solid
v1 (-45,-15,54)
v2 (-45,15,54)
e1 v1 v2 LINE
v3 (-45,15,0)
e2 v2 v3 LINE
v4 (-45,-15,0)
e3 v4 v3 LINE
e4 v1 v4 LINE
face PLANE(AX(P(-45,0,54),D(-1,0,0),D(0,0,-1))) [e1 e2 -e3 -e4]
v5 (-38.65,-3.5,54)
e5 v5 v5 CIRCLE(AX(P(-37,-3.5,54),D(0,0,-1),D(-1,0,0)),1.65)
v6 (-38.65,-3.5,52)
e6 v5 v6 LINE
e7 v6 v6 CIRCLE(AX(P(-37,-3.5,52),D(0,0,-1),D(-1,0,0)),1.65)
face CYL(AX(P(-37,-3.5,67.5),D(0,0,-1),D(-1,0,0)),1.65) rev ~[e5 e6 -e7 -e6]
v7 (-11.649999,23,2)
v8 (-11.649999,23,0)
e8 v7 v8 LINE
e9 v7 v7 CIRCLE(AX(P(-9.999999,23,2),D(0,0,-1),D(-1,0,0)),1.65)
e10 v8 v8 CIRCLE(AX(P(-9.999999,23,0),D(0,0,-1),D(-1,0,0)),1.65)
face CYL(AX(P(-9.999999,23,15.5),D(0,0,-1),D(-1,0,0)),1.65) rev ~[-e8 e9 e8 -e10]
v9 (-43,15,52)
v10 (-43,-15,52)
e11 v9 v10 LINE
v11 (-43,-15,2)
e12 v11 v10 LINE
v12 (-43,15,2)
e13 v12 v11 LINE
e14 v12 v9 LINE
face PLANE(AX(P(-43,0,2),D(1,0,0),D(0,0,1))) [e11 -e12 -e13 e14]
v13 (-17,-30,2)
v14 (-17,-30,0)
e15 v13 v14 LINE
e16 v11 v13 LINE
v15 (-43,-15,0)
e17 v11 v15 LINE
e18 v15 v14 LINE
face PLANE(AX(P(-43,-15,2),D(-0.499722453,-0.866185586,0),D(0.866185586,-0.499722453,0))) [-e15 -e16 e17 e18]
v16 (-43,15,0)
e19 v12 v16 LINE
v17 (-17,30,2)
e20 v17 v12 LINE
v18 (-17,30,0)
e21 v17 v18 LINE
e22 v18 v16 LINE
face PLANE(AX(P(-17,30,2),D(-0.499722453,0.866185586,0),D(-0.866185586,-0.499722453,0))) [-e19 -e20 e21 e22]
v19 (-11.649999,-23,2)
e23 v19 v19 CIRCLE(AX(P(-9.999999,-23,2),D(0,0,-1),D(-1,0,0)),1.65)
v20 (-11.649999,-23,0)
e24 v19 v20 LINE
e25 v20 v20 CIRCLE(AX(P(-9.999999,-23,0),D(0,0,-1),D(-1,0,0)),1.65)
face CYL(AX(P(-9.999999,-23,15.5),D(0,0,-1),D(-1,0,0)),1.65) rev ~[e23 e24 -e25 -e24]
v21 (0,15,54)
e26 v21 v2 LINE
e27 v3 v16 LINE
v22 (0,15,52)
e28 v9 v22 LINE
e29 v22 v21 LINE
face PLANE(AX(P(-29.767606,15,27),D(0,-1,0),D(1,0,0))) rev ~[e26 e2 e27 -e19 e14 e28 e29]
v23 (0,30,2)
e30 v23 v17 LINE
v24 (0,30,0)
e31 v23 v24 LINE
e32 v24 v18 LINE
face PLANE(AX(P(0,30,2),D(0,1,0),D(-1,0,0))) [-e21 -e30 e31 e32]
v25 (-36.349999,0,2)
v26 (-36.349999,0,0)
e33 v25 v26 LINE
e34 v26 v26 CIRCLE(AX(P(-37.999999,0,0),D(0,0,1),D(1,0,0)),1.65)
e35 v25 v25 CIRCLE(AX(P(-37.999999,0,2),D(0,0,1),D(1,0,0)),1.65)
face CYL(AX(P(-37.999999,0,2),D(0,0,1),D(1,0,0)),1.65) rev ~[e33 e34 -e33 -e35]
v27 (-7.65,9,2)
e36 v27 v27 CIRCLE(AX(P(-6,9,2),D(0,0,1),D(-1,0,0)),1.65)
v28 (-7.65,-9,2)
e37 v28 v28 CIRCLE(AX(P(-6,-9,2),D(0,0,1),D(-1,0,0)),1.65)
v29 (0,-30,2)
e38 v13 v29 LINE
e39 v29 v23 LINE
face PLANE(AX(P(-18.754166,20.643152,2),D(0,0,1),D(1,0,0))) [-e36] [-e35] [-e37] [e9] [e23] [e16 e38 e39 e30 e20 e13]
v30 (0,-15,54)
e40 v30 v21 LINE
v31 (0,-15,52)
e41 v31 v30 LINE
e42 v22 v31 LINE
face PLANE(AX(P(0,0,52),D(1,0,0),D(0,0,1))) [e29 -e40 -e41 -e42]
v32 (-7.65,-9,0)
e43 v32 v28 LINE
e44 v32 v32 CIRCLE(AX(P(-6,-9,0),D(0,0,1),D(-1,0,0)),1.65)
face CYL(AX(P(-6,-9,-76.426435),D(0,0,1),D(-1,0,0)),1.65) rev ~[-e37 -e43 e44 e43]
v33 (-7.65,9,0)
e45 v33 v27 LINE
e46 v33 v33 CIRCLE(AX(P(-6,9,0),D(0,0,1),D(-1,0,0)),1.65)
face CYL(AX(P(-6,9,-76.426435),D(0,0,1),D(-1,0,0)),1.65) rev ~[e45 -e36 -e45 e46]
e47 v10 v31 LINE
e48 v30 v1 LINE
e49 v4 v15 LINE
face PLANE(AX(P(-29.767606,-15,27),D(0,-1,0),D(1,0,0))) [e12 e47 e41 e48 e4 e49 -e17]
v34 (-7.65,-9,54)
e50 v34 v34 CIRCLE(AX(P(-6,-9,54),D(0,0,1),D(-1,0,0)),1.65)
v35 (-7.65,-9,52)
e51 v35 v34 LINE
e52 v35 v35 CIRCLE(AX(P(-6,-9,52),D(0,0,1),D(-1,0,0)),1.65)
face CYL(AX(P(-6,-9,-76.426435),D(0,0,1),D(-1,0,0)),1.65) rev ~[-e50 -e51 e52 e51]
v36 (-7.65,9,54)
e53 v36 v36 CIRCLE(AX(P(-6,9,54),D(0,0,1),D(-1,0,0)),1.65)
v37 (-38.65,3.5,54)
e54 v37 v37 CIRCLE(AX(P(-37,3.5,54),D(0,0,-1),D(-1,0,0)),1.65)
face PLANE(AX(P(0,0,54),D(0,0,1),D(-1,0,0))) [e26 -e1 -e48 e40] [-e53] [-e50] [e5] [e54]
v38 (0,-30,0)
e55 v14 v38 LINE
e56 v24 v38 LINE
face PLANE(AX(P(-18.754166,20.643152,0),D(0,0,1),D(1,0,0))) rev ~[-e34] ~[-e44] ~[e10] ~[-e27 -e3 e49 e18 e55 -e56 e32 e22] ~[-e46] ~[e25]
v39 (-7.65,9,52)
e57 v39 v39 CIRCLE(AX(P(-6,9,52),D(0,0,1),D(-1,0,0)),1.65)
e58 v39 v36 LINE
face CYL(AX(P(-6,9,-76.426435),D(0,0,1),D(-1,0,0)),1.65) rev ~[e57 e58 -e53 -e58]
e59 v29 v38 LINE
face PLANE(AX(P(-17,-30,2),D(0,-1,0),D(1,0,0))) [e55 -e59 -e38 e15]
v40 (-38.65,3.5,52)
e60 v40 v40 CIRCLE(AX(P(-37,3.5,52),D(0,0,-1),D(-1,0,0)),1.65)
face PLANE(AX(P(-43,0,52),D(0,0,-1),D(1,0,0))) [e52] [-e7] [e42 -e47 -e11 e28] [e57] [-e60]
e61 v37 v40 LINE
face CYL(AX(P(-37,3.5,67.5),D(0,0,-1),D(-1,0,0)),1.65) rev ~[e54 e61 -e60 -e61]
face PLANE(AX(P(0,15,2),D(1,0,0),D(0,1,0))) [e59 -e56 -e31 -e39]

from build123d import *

# Parameters (mm, degrees)
F1_DEPTH  = 15
F3_D      = 3.3
F5_D      = 3.3
F5_DEPTH  = 13.5
F5_TIP    = 0.9914200214
F7_D      = 3.3
F7_DEPTH  = 13.5
F7_TIP    = 0.9914200214
F9_DEPTH  = 2
F12_D     = 3.3
F12_DEPTH = 13.5
F12_TIP   = 0.9914200214


with BuildPart() as f1:
    # F0 (on Front) → F1 (new body, symmetric)
    with BuildSketch(Plane.XZ):
        Polygon((-45, 0), (0, 0), (0, 2), (-43, 2), (-43, 52), (0, 52), (0, 54), (-45, 54), align=None)
    extrude(amount=F1_DEPTH, both=True)

    # F3 (through all)
    with Locations(Plane(origin=(0, 0, 0), x_dir=(1, 0, 0), z_dir=(0, 0, -1))):
        with Locations((-6, 9), (-6, -9)):
            Hole(F3_D / 2)

    # F5
    with Locations(Plane.XY.offset(54)):
        with Locations((-37, 3.5), (-37, -3.5)):
            Hole(F5_D / 2, depth=F5_DEPTH)
            with Locations((0, 0, -(F5_DEPTH + F5_TIP / 2))):  # 118° drill point
                Cone(0, F5_D / 2, F5_TIP, mode=Mode.SUBTRACT)

    # F7 (one way)
    with BuildSketch(Plane.XY.offset(2)):
        with Locations((-37.9999987781, 0)):
            Circle(F7_D / 2)
    extrude(amount=-F7_DEPTH, mode=Mode.SUBTRACT)
    with Locations(Plane.XY.offset(2)):
        with Locations((-37.9999987781, 0)):
            with Locations((0, 0, -(F7_DEPTH + F7_TIP / 2))):  # 118° drill point
                Cone(0, F7_D / 2, F7_TIP, mode=Mode.SUBTRACT)


with BuildPart() as f9:
    # F8 (on face) → F9 (new body)
    with BuildSketch(Plane.XY.offset(2)):
        Polygon((0, -30), (0, -15), (-43, -15), (-17, -30), align=None)
    extrude(amount=-F9_DEPTH)


with BuildPart() as f9b:
    # F8 (on face) → F9, piece 2 (new body)
    with BuildSketch(Plane.XY.offset(2)):
        Polygon((-17, 30), (-43, 15), (0, 15), (0, 30), align=None)
    extrude(amount=-F9_DEPTH)


with BuildPart() as f1_1:
    add(f1.part)

    # F10: union F9, F9b
    add(f9.part)
    add(f9b.part)

    # F12
    with Locations(Plane.XY.offset(2)):
        with Locations((-9.9999987781, 23), (-9.9999987781, -23)):
            Hole(F12_D / 2, depth=F12_DEPTH)
            with Locations((0, 0, -(F12_DEPTH + F12_TIP / 2))):  # 118° drill point
                Cone(0, F12_D / 2, F12_TIP, mode=Mode.SUBTRACT)


solid = f1_1.part
